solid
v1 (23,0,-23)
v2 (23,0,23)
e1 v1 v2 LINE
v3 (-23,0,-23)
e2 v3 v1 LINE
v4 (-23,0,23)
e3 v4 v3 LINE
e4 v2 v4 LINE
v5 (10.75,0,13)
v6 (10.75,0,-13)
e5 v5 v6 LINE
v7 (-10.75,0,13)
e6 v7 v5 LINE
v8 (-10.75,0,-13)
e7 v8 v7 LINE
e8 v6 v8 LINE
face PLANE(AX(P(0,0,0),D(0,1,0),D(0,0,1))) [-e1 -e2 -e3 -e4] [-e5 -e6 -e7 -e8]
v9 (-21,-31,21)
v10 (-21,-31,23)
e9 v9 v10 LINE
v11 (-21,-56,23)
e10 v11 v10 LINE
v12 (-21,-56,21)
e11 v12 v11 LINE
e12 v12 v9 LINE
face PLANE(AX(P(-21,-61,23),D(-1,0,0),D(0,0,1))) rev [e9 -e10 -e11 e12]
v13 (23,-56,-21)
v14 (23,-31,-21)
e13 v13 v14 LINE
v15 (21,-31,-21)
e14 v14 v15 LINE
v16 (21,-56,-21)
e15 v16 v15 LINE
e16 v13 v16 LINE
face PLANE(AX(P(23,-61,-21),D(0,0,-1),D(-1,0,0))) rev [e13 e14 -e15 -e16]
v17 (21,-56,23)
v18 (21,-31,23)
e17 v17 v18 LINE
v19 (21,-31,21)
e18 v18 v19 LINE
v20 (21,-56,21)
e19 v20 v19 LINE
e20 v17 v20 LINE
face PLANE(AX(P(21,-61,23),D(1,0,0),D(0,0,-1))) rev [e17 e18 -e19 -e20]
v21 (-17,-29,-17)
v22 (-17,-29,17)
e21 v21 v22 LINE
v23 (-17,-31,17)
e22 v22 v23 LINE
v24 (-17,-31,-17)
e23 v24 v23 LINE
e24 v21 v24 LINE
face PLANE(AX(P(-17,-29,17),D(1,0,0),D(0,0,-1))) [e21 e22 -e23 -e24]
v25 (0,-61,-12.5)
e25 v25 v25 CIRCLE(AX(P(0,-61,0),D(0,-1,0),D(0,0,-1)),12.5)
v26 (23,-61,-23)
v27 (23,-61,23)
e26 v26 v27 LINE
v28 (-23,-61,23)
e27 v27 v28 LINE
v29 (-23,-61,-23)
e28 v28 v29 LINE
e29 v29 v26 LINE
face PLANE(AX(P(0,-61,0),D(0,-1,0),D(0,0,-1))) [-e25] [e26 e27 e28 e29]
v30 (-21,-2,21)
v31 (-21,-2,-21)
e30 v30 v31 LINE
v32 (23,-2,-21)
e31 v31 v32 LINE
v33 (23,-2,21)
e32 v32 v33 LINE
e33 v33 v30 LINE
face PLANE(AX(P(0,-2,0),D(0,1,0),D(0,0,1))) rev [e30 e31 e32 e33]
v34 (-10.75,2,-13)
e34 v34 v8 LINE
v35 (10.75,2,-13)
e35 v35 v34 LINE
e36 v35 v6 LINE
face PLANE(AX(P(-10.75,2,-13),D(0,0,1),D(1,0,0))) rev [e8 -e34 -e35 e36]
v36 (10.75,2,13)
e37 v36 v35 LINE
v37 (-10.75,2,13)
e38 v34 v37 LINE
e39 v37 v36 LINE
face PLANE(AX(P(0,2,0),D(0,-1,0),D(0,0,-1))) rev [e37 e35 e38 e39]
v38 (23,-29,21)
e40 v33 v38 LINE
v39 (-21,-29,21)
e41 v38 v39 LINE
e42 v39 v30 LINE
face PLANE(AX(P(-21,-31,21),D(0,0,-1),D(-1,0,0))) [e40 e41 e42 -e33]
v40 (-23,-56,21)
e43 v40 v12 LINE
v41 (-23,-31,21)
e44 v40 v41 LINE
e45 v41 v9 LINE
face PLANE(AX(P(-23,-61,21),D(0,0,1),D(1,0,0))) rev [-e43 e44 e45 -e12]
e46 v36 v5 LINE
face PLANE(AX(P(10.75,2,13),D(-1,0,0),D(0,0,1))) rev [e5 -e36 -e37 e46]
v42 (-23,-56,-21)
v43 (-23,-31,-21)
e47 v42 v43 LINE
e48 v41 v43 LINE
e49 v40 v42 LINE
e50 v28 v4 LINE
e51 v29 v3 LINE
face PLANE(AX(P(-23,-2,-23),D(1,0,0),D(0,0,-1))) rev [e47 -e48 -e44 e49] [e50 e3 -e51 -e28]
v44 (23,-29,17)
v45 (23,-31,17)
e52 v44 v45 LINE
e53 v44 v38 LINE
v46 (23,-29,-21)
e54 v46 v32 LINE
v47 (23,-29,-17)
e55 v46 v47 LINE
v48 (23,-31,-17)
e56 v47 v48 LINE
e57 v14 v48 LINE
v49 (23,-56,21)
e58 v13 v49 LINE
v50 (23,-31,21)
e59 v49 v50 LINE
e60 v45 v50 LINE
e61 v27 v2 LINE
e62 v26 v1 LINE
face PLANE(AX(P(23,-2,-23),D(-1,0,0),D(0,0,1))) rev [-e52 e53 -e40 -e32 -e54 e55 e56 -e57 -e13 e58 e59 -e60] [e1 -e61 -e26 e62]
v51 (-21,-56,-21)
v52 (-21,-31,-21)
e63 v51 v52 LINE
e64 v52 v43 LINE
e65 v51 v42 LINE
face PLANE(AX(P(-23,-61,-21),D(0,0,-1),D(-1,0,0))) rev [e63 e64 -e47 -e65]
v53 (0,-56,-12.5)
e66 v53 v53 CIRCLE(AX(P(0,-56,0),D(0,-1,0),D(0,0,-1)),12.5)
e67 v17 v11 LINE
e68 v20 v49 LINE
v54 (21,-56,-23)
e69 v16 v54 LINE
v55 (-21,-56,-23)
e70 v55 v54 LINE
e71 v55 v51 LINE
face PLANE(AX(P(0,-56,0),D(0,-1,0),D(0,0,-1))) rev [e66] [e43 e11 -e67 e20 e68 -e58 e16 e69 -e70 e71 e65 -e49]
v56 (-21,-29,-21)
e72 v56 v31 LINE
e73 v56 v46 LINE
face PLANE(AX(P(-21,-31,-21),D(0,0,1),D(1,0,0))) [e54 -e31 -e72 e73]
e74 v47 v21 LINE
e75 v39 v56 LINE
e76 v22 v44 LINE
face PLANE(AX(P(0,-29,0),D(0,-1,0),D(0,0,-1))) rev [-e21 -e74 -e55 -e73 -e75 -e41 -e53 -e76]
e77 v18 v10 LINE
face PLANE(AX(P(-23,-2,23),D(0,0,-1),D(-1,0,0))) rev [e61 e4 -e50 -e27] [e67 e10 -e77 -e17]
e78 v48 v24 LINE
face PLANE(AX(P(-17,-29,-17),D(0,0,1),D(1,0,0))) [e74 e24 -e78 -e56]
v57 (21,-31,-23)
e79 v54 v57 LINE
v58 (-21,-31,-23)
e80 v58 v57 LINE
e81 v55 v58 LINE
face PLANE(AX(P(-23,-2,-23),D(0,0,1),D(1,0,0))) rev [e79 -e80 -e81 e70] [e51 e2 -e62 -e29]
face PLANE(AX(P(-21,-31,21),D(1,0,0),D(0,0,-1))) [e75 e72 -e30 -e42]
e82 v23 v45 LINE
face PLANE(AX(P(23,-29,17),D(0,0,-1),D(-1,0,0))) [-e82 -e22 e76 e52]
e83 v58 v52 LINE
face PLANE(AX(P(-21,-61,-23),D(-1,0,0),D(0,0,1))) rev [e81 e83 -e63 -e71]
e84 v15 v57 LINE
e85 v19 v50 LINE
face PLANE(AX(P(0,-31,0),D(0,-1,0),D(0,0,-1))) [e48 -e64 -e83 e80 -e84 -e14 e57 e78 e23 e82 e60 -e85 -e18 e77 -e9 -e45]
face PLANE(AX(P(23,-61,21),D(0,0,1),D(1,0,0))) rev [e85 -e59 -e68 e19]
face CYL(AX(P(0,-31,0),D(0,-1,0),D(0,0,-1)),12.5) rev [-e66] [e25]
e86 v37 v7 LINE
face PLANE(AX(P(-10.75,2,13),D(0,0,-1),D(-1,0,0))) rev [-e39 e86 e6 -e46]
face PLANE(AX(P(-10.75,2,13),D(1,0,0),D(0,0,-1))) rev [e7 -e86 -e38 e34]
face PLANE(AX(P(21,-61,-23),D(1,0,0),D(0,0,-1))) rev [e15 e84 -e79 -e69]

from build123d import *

# Parameters (mm, degrees)
CROQUIS1_W              = 21.5
CROQUIS1_H              = 26
SALIENTE_EXTRUIR1_DEPTH = 2
CROQUIS2_W              = 46
CROQUIS2_H              = 46
SALIENTE_EXTRUIR2_DEPTH = 2
CROQUIS3_W              = 46
CROQUIS3_H              = 46
CROQUIS3_W_2            = 42
CROQUIS3_H_2            = 42
SALIENTE_EXTRUIR3_DEPTH = 29
CROQUIS4_W              = 42
CROQUIS4_H              = 29
CORTAR_EXTRUIR1_DEPTH   = 29
SALIENTE_EXTRUIR4_DEPTH = 2
CROQUIS6_W              = 2
CROQUIS6_H              = 2
SALIENTE_EXTRUIR5_DEPTH = 30
CROQUIS7_W              = 46
CROQUIS7_H              = 46
SALIENTE_EXTRUIR6_DEPTH = 5
CROQUIS8_R              = 12.5
CORTAR_EXTRUIR2_DEPTH   = 30


with BuildPart() as part:
    # Croquis1 → Saliente-Extruir1 (new body)
    with BuildSketch(Plane(origin=(0, 0, 0), x_dir=(1, 0, 0), z_dir=(0, 1, 0))):
        Rectangle(CROQUIS1_W, CROQUIS1_H)
    extrude(amount=SALIENTE_EXTRUIR1_DEPTH)

    # Croquis2 → Saliente-Extruir2 (add)
    with BuildSketch(Plane.XZ):
        Rectangle(CROQUIS2_W, CROQUIS2_H)
    extrude(amount=SALIENTE_EXTRUIR2_DEPTH)

    # Croquis3 → Saliente-Extruir3 (add)
    with BuildSketch(Plane.XZ.offset(2)):
        Rectangle(CROQUIS3_W, CROQUIS3_H)
        Rectangle(CROQUIS3_W_2, CROQUIS3_H_2, mode=Mode.SUBTRACT)
    extrude(amount=SALIENTE_EXTRUIR3_DEPTH)

    # Croquis4 → Cortar-Extruir1 (cut)
    with BuildSketch(Plane(origin=(23, 0, 0), x_dir=(0, 0, -1), z_dir=(1, 0, 0))):
        with Locations((0, -16.5)):
            Rectangle(CROQUIS4_W, CROQUIS4_H)
    extrude(amount=-CORTAR_EXTRUIR1_DEPTH, mode=Mode.SUBTRACT)

    # Croquis5 → Saliente-Extruir4 (add)
    with BuildSketch(Plane.XZ.offset(31)):
        Polygon((23, 17), (-17, 17), (-17, -17), (23, -17), (23, -23), (-23, -23), (-23, 23), (23, 23), align=None)
    extrude(amount=-SALIENTE_EXTRUIR4_DEPTH)

    # Croquis6 → Saliente-Extruir5 (add)
    with BuildSketch(Plane.XZ.offset(31)):
        with Locations((-22, 22)):
            Rectangle(CROQUIS6_W, CROQUIS6_H)
        with Locations((22, 22)):
            Rectangle(CROQUIS6_W, CROQUIS6_H)
        with Locations((-22, -22)):
            Rectangle(CROQUIS6_W, CROQUIS6_H)
        with Locations((22, -22)):
            Rectangle(CROQUIS6_W, CROQUIS6_H)
    extrude(amount=SALIENTE_EXTRUIR5_DEPTH)

    # Croquis7 → Saliente-Extruir6 (add)
    with BuildSketch(Plane.XZ.offset(61)):
        Rectangle(CROQUIS7_W, CROQUIS7_H)
    extrude(amount=-SALIENTE_EXTRUIR6_DEPTH)

    # Croquis8 → Cortar-Extruir2 (cut)
    with BuildSketch(Plane.XZ.offset(61)):
        with Locations(Location((0, 0, 0), (0, 0, 270))):
            Circle(CROQUIS8_R)
    extrude(amount=-CORTAR_EXTRUIR2_DEPTH, mode=Mode.SUBTRACT)


solid = part.part
